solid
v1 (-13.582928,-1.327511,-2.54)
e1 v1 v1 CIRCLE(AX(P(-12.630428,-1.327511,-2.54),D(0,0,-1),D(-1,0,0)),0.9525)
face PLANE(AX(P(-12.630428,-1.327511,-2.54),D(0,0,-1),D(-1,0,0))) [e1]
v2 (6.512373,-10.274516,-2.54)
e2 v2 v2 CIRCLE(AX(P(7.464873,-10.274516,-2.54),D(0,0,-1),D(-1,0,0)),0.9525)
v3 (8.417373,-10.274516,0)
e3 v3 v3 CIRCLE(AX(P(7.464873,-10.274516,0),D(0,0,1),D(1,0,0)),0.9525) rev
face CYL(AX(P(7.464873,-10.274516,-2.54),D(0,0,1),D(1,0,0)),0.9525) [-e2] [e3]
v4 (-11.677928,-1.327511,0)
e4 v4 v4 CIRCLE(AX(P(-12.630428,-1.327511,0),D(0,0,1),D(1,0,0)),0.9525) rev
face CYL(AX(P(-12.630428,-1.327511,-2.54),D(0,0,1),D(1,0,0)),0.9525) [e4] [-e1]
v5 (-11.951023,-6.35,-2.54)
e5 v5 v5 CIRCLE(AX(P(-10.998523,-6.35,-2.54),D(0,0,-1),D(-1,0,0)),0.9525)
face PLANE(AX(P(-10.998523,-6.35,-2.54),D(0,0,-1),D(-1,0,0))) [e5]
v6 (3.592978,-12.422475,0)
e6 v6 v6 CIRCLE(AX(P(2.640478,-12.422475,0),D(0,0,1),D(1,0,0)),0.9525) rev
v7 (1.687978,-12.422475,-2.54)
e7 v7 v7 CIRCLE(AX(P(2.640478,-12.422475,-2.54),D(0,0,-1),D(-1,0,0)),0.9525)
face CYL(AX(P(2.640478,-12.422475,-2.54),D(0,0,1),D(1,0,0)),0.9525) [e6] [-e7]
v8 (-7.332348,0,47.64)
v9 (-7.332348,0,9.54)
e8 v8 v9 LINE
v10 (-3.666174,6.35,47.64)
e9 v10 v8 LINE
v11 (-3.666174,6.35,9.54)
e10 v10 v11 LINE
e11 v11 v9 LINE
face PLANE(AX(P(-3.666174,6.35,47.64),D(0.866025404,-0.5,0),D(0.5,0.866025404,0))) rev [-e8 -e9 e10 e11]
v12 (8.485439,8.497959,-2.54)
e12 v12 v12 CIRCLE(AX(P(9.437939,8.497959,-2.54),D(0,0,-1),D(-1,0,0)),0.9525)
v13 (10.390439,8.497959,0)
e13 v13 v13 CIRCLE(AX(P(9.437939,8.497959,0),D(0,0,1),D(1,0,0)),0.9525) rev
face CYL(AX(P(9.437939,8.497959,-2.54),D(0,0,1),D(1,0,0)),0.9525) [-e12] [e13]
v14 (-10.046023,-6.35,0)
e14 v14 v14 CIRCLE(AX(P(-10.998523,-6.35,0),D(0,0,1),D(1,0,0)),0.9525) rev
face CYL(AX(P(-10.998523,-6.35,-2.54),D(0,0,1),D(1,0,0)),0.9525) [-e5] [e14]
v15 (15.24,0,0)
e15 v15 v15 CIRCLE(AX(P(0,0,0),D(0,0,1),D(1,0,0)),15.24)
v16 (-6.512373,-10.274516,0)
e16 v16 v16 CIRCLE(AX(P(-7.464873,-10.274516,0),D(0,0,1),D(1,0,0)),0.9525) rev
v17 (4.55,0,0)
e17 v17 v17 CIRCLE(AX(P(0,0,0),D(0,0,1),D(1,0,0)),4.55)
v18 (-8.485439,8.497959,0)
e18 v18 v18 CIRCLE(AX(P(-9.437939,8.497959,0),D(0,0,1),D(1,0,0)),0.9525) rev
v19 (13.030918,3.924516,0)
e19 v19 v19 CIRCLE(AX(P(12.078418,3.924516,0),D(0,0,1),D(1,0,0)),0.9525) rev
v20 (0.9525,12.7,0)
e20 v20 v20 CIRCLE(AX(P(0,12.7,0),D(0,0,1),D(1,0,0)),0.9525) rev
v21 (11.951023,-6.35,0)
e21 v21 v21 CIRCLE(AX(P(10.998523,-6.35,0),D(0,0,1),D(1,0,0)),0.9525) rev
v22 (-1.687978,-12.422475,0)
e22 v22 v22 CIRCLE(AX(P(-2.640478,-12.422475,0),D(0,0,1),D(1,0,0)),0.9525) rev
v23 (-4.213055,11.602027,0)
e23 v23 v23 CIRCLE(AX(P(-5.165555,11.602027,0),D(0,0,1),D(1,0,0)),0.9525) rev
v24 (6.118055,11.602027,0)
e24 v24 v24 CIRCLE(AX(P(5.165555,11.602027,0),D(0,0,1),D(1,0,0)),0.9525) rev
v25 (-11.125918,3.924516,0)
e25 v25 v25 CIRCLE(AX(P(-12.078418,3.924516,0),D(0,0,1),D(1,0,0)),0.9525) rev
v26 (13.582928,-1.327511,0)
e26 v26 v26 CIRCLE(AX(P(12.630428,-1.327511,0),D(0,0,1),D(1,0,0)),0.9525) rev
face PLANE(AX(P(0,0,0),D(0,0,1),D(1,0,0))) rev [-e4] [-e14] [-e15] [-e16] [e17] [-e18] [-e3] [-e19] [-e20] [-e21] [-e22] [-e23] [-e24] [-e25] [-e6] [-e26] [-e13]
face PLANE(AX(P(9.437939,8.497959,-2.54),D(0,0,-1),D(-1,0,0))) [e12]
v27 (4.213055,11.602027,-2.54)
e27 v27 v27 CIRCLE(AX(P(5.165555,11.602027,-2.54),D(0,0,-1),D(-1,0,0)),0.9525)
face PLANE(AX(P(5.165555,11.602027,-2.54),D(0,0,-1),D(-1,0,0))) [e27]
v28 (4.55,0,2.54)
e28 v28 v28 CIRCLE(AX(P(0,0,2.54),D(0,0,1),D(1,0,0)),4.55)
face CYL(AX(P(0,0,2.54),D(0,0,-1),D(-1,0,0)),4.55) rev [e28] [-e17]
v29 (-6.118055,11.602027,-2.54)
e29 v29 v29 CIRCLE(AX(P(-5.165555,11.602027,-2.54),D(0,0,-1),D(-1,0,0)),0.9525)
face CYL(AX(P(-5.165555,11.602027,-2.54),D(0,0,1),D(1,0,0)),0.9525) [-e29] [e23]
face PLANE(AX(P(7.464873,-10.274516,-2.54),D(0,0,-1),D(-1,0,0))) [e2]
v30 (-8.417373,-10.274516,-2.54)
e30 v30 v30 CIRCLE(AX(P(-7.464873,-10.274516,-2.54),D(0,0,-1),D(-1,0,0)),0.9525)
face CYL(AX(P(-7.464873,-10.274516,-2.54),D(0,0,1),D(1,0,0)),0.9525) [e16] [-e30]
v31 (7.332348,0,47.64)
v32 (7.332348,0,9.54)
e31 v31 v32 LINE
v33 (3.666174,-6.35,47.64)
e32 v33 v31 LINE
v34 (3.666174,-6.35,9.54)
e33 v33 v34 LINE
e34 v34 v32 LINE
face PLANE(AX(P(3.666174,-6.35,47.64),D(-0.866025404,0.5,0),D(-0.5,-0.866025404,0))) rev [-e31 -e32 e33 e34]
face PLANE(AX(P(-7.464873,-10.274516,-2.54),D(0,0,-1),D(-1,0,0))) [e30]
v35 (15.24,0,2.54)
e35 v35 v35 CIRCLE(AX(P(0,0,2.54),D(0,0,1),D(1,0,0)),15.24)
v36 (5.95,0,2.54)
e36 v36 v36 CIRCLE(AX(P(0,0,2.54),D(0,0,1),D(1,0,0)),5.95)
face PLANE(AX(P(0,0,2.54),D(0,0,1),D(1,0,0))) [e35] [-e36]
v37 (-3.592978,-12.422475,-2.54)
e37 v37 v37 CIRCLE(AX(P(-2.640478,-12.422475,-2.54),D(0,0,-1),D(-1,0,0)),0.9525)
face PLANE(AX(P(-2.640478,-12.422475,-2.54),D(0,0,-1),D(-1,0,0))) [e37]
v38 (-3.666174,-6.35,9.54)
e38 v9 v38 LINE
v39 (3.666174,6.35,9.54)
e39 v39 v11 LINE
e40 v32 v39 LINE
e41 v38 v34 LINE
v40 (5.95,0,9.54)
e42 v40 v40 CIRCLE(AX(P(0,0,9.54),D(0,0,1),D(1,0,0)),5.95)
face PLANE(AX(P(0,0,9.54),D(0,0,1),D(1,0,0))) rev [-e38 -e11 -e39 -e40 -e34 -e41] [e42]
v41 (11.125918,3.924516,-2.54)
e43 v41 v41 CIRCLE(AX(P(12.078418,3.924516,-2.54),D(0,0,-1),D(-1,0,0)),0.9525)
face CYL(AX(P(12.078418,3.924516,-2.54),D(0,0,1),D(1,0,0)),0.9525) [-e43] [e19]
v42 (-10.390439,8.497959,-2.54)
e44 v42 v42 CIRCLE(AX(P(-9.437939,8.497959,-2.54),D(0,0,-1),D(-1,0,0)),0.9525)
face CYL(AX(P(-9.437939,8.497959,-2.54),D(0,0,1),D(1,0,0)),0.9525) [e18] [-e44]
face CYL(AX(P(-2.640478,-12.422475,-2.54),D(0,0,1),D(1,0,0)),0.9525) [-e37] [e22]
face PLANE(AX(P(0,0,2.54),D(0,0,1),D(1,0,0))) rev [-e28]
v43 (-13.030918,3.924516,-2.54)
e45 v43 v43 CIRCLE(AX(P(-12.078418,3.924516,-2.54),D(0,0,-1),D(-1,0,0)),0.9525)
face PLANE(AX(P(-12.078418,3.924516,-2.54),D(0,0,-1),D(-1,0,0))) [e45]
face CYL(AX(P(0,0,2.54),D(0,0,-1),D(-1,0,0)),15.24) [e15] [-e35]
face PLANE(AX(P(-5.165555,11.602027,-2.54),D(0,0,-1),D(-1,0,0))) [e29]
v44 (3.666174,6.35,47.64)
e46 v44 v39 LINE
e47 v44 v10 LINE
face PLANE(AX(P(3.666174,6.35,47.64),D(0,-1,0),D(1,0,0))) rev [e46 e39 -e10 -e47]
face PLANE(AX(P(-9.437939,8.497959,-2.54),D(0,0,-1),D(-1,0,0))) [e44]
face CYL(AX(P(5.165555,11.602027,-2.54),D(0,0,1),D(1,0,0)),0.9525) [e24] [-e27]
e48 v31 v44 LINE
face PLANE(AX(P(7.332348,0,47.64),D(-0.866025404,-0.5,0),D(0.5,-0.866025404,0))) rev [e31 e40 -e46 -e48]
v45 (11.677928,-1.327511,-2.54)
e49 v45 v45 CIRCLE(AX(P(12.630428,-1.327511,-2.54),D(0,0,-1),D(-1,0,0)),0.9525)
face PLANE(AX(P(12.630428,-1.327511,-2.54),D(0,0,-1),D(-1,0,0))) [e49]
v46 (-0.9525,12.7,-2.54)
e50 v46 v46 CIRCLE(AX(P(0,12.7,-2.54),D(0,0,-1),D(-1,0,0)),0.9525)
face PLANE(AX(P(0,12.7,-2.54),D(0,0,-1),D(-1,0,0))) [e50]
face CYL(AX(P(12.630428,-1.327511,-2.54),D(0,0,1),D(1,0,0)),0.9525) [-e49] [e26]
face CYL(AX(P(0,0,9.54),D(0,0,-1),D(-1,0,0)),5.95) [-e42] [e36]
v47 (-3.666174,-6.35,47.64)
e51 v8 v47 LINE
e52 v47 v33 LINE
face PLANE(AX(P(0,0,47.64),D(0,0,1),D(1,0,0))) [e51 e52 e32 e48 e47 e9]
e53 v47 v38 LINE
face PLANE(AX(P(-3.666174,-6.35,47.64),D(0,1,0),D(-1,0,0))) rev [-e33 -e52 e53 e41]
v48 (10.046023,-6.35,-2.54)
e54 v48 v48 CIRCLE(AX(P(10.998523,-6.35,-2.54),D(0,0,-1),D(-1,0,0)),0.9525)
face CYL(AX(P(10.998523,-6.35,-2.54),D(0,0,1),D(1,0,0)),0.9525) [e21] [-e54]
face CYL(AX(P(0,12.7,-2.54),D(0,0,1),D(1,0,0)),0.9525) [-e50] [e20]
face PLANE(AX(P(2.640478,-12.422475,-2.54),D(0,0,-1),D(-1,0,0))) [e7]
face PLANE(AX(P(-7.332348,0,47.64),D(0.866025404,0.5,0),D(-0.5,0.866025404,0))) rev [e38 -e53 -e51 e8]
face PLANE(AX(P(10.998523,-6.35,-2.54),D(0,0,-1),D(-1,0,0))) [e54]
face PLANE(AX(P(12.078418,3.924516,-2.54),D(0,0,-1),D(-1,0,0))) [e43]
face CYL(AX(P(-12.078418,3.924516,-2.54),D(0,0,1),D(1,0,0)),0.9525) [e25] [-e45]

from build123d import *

# Parameters (mm, degrees)
SKETCH1_R           = 15.24
SKETCH1_R_2         = 4.55
BOSS_EXTRUDE1_DEPTH = 2.54
SKETCH2_R           = 5.95
BOSS_EXTRUDE2_DEPTH = 7
BOSS_EXTRUDE3_DEPTH = 38.1
SKETCH5_R           = 0.9525
BOSS_EXTRUDE5_DEPTH = 2.54


with BuildPart() as part:
    # Sketch1 → Boss-Extrude1 (new body)
    with BuildSketch(Plane.XY):
        Circle(SKETCH1_R)
        Circle(SKETCH1_R_2, mode=Mode.SUBTRACT)
    extrude(amount=BOSS_EXTRUDE1_DEPTH)

    # Sketch2 → Boss-Extrude2 (add)
    with BuildSketch(Plane.XY.offset(2.54)):
        Circle(SKETCH2_R)
    extrude(amount=BOSS_EXTRUDE2_DEPTH)

    # Sketch3 → Boss-Extrude3 (add)
    with BuildSketch(Plane.XY.offset(9.54)):
        Polygon((3.666174209, 6.35), (-3.666174209, 6.35), (-7.332348419, 0), (-3.666174209, -6.35), (3.666174209, -6.35), (7.332348419, 0), align=None)
    extrude(amount=BOSS_EXTRUDE3_DEPTH)

    # Sketch5 → Boss-Extrude5 (add)
    with BuildSketch(Plane(origin=(0, 0, 0), x_dir=(-1, 0, 0), z_dir=(0, 0, -1))):
        with Locations(Location((0, 12.7, 0), (0, 0, 180))):
            Circle(SKETCH5_R)
        with Locations(Location((5.165555367, 11.602027312, 0), (0, 0, 180))):
            Circle(SKETCH5_R)
        with Locations(Location((9.437939284, 8.497958701, 0), (0, 0, 180))):
            Circle(SKETCH5_R)
        with Locations(Location((12.078417757, 3.924515829, 0), (0, 0, 180))):
            Circle(SKETCH5_R)
        with Locations(Location((12.630428071, -1.327511483, 0), (0, 0, 180))):
            Circle(SKETCH5_R)
        with Locations(Location((10.998522628, -6.35, 0), (0, 0, 180))):
            Circle(SKETCH5_R)
        with Locations(Location((7.464872704, -10.274515829, 0), (0, 0, 180))):
            Circle(SKETCH5_R)
        with Locations(Location((2.640478473, -12.422474529, 0), (0, 0, 180))):
            Circle(SKETCH5_R)
        with Locations(Location((-2.640478473, -12.422474529, 0), (0, 0, 180))):
            Circle(SKETCH5_R)
        with Locations(Location((-7.464872704, -10.274515829, 0), (0, 0, 180))):
            Circle(SKETCH5_R)
        with Locations(Location((-10.998522628, -6.35, 0), (0, 0, 180))):
            Circle(SKETCH5_R)
        with Locations(Location((-12.630428071, -1.327511483, 0), (0, 0, 180))):
            Circle(SKETCH5_R)
        with Locations(Location((-12.078417757, 3.924515829, 0), (0, 0, 180))):
            Circle(SKETCH5_R)
        with Locations(Location((-9.437939284, 8.497958701, 0), (0, 0, 180))):
            Circle(SKETCH5_R)
        with Locations(Location((-5.165555367, 11.602027312, 0), (0, 0, 180))):
            Circle(SKETCH5_R)
    extrude(amount=BOSS_EXTRUDE5_DEPTH)


solid = part.part
